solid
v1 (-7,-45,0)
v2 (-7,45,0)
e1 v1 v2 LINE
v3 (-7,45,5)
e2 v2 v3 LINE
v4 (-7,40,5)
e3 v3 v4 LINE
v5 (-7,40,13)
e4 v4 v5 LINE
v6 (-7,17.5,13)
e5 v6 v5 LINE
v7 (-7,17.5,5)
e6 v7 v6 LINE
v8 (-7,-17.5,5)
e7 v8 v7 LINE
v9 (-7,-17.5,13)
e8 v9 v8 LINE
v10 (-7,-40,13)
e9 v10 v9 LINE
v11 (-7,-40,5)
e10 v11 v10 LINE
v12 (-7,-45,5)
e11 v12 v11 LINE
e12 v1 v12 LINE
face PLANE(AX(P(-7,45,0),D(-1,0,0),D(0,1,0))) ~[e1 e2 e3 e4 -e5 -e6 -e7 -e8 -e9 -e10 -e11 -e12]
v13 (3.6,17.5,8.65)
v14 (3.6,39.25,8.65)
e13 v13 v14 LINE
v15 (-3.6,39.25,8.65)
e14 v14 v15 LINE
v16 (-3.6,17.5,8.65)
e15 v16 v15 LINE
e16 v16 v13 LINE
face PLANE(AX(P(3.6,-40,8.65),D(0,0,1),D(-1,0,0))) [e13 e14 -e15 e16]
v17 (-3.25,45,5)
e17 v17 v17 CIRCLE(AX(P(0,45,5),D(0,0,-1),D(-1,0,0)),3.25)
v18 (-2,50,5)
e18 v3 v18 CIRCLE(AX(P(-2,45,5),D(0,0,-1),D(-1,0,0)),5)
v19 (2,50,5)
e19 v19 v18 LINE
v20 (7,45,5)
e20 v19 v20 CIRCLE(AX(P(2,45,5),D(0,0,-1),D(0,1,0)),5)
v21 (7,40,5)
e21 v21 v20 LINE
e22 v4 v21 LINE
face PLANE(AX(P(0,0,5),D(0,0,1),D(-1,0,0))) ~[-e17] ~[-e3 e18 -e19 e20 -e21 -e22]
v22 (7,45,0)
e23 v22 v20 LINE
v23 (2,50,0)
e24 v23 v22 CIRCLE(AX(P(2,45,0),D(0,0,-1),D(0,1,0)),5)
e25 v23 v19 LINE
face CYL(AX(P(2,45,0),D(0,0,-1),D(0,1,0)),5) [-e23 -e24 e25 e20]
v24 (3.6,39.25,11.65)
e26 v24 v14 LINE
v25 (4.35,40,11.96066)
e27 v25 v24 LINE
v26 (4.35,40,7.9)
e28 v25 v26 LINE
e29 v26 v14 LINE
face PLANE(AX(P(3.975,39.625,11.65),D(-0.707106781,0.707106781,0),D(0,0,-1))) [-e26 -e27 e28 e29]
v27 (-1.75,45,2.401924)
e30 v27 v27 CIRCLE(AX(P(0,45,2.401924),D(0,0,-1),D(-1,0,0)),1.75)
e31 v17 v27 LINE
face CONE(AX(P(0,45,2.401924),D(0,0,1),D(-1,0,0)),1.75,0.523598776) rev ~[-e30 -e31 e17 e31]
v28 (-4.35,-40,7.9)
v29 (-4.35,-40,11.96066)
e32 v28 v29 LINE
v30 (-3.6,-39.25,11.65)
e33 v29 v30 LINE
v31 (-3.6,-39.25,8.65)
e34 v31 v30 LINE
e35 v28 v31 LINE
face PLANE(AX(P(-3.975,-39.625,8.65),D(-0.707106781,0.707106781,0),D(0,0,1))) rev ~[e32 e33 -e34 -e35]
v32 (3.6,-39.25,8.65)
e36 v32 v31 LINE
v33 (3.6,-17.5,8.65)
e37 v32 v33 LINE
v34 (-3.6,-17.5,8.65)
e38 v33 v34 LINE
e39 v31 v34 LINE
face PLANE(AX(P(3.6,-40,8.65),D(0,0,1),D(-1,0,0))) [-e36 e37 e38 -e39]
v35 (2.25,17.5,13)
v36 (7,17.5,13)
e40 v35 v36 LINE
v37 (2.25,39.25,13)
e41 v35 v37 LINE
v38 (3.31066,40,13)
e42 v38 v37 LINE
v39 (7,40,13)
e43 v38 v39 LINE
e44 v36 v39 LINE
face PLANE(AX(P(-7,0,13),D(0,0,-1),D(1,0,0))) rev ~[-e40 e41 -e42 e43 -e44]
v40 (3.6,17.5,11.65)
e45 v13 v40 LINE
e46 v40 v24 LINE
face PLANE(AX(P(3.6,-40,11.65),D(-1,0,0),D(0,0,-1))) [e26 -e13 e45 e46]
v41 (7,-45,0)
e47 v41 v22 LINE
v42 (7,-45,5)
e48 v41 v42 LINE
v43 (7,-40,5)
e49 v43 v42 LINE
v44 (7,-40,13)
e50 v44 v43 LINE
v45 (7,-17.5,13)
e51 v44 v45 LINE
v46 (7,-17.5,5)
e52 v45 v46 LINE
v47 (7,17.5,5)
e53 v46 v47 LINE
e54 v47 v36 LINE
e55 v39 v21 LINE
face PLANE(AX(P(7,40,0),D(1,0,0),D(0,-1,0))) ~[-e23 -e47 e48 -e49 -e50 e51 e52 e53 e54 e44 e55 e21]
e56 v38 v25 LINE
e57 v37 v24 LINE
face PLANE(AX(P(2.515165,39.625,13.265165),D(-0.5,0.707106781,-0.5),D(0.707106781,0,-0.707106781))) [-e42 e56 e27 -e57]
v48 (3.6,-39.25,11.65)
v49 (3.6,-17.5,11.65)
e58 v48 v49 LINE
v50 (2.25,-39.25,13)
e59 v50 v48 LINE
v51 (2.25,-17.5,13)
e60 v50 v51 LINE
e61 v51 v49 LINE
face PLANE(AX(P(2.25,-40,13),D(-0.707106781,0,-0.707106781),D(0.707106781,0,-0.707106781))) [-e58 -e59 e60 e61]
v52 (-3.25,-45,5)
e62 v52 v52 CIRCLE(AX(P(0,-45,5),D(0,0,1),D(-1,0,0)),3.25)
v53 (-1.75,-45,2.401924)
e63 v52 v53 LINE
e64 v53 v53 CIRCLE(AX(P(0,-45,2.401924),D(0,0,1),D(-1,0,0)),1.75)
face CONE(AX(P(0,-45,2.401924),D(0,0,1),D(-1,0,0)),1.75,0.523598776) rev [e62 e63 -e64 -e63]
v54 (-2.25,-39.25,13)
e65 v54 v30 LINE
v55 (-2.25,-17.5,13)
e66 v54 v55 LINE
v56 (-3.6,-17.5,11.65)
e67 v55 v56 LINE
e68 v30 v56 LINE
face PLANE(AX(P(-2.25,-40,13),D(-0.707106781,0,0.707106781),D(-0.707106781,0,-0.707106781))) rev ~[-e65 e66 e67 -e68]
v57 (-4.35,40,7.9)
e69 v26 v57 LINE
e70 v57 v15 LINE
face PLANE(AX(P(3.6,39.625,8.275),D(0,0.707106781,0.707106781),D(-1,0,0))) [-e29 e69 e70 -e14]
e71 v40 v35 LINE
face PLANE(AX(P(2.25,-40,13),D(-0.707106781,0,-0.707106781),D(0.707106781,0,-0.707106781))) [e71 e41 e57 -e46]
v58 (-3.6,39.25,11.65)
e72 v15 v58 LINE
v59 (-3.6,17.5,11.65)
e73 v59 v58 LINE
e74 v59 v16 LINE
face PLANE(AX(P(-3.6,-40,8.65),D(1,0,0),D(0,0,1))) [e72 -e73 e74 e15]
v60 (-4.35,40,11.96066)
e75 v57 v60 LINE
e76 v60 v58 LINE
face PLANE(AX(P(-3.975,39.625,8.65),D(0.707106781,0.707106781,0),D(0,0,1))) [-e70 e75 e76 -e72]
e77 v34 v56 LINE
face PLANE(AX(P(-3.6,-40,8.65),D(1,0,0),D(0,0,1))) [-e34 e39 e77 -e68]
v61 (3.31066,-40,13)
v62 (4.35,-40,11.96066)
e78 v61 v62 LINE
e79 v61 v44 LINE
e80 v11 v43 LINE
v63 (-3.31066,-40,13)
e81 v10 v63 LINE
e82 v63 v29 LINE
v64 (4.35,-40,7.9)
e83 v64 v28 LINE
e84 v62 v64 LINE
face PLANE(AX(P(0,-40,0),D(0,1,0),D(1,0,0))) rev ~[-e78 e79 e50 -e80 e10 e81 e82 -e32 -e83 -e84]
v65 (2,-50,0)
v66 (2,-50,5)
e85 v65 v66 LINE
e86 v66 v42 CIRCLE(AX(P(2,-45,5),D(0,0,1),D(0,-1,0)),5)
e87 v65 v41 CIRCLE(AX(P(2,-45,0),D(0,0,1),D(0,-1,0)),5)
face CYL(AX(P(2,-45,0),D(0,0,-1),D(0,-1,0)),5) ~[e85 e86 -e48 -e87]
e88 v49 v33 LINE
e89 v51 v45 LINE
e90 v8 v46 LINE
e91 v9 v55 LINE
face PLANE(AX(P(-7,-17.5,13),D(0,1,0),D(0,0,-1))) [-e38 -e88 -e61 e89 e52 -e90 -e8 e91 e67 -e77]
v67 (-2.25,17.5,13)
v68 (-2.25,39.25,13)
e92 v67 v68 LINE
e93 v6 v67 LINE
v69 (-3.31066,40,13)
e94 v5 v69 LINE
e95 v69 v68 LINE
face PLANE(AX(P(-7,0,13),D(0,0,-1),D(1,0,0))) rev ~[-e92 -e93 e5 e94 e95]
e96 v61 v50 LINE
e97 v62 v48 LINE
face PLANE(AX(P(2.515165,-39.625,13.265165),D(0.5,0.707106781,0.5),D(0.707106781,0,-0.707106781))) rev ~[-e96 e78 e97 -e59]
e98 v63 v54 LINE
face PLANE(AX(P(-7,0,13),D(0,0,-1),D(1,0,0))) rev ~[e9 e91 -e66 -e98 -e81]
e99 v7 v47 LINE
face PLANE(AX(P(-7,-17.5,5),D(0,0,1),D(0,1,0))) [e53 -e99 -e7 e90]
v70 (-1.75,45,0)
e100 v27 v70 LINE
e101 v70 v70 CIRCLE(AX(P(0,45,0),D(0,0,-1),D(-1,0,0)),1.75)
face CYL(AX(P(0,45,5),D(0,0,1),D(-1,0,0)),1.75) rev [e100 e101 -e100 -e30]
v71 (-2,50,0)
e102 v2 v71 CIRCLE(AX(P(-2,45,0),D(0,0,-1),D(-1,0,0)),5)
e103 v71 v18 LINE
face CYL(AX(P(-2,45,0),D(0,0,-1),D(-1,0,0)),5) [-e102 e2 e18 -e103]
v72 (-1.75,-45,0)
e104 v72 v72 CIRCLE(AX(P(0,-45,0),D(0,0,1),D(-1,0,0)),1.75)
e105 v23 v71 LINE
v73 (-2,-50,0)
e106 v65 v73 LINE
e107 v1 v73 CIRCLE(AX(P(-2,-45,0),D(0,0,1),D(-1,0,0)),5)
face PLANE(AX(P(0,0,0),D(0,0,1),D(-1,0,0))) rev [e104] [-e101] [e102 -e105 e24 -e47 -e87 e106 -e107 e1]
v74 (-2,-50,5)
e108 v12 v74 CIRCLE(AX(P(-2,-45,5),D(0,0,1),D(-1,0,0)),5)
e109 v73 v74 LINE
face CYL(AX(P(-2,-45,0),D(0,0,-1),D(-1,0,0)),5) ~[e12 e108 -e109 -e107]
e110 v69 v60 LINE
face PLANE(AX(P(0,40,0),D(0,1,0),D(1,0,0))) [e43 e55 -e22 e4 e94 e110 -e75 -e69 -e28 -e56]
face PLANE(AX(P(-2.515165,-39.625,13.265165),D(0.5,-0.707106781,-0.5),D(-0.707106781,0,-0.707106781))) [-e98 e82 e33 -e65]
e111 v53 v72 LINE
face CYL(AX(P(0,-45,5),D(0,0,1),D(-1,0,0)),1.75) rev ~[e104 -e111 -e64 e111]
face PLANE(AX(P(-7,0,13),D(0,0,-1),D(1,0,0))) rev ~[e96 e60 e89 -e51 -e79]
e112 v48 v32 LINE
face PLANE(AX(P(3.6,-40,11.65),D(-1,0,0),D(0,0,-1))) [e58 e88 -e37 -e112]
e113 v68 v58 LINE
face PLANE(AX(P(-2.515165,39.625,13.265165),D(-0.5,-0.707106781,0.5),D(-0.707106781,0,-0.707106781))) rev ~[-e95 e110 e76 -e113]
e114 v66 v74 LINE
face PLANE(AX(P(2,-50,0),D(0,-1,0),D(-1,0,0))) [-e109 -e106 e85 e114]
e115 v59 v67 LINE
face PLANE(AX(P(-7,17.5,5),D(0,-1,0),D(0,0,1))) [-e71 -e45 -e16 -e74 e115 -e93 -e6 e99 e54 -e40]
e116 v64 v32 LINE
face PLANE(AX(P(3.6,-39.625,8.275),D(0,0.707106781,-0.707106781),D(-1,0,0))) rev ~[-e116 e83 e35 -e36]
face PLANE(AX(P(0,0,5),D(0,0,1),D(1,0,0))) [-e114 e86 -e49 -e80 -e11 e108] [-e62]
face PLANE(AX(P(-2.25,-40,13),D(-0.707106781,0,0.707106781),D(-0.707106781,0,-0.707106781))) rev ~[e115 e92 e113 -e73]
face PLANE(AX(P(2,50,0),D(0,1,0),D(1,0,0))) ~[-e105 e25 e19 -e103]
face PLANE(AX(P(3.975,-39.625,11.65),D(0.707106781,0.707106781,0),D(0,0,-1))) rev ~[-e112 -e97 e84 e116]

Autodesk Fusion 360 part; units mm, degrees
sketch "Sketch1" plane through (0, 0, 0) normal (0, 1, 0) x (1, 0, 0)
  line L0 (-7, -13) -> (7, -13)
  line L1 (7, -13) -> (7, 0)
  line L2 (7, 0) -> (-7, 0)
  line L3 (-7, 0) -> (-7, -13)
  line L4 (-3.5, -13) -> (3.5, -13) construction
  line L5 (3.5, -13) -> (3.5, -8.75) construction
  line L6 (3.5, -8.75) -> (-3.5, -8.75) construction
  line L7 (-3.5, -8.75) -> (-3.5, -13) construction
  line L8 (-3.5, -11.75) -> (-2.25, -13) construction
  line L9 (2.25, -13) -> (3.5, -11.75) construction
  line L10 (0, -8.75) -> (0, 0) construction
  dimension "d3" = 7
  dimension "d4" = 1.25
  dimension "d5" = 1.25
  dimension "d6" = 3
  dimension "d7" = 45
  dimension "d8" = 3.5
  dimension "d9" = 3.5
  dimension "d10" = 13
extrude "Extrude1" add sketch "Sketch1" along normal mid plane 80
sketch "Sketch2" plane through (0, 0, 0) normal (0, 0, 1) x (1, 0, 0)
  line L0 (-7, -40) -> (7, -40)
  line L1 (7, -40) -> (7, -45)
  line L2 (2, -50) -> (-2, -50)
  line L3 (-7, -45) -> (-7, -40)
  arc A0 (2, -50) -> (7, -45) centre (2, -45) ccw
  arc A1 (-7, -45) -> (-2, -50) centre (-2, -45) ccw
  line L4 (7, -40) -> (-7, -40)
  point P0 (7, -50)
  dimension "d13" = 10
  dimension "d14" = 5
extrude "Extrude2" add sketch "Sketch2" along normal blind 5
sketch "Sketch3" plane through (0, 0, 5) normal (0, 0, 1) x (-1, 0, 0)
  line L0 (7, 40) -> (7, 45)
  arc A0 (7, 45) -> (2, 50) centre (2, 45) ccw
  line L1 (2, 50) -> (-2, 50)
  arc A1 (-2, 50) -> (-7, 45) centre (-2, 45) ccw
  line L2 (-7, 45) -> (-7, 40)
  line L3 (-7, 40) -> (7, 40)
  circle A2 centre (0, 45) radius 1.75
  line L4 (-7, 45) -> (7, 45) construction
  dimension "d20" = 3.5
extrude "Extrude3" cut sketch "Sketch3" against normal blind 5 contours A2
chamfer "Chamfer1" distance 1.5 angle 60 1 edges at (1.6316, -45.6328, 5) measured on face at (-5.1922, -43.0802, 5)
mirror "Mirror1" about plane through (0, 0, 0) normal (0, 1, 0) of "Extrude2", "Extrude3", "Chamfer1"
sketch "Sketch4" plane through (0, -40, 0) normal (0, -1, 0) x (1, 0, 0)
  line L0 (-7, 5) -> (7, 5)
  line L1 (7, 5) -> (7, 13)
  line L2 (7, 13) -> (-7, 13)
  line L3 (-7, 13) -> (-7, 5)
  line L4 (-3.5, 8.75) -> (-3.5, 13) construction
  line L5 (-3.5, 11.75) -> (-2.25, 13) construction
  line L6 (2.25, 13) -> (3.5, 11.75) construction
  line L7 (3.5, 13) -> (3.5, 8.75) construction
  line L8 (3.5, 8.75) -> (-3.5, 8.75) construction
  line L9 (3.6, 13) -> (3.6, 8.65)
  line L10 (3.6, 8.65) -> (-3.6, 8.65)
  line L11 (-3.6, 8.65) -> (-3.6, 13)
  line L12 (-2.25, 13) -> (-3.6, 11.65)
  line L13 (2.25, 13) -> (3.6, 11.65)
  dimension "d25" = -0.1
extrude "Extrude4" cut sketch "Sketch4" against normal up to surface (80 mm away) contours L2 L9 L10 L11 L12 L13
sketch "Sketch5" plane through (-7, 0, 0) normal (-1, 0, 0) x (0, -1, 0)
  line L0 (40, 13) -> (-40, 13)
  line L1 (-40, 13) -> (-40, 5)
  line L2 (-40, 5) -> (-45, 5)
  line L3 (-45, 5) -> (-45, 0)
  line L4 (-45, 0) -> (45, 0)
  line L5 (45, 0) -> (45, 5)
  line L6 (45, 5) -> (40, 5)
  line L7 (40, 5) -> (40, 13)
  line L8 (-17.5, 13) -> (17.5, 13)
  line L9 (17.5, 13) -> (17.5, 5)
  line L10 (17.5, 5) -> (-17.5, 5)
  line L11 (-17.5, 5) -> (-17.5, 13)
  line L12 (0, 0) -> (0, 5) construction
  dimension "d28" = 35
extrude "Extrude5" cut sketch "Sketch5" against normal up to surface (14 mm away) contours L0 L8 L9 L10 L11
chamfer "Chamfer2" distance 0.75 angle 45 10 edges at (-2.925, -40, 12.325) (-3.6, -40, 10.15) (0, -40, 8.65) (3.6, -40, 10.15) (2.925, -40, 12.325) (2.925, 40, 12.325) (3.6, 40, 10.15) (0, 40, 8.65) (-3.6, 40, 10.15) (-2.925, 40, 12.325)
